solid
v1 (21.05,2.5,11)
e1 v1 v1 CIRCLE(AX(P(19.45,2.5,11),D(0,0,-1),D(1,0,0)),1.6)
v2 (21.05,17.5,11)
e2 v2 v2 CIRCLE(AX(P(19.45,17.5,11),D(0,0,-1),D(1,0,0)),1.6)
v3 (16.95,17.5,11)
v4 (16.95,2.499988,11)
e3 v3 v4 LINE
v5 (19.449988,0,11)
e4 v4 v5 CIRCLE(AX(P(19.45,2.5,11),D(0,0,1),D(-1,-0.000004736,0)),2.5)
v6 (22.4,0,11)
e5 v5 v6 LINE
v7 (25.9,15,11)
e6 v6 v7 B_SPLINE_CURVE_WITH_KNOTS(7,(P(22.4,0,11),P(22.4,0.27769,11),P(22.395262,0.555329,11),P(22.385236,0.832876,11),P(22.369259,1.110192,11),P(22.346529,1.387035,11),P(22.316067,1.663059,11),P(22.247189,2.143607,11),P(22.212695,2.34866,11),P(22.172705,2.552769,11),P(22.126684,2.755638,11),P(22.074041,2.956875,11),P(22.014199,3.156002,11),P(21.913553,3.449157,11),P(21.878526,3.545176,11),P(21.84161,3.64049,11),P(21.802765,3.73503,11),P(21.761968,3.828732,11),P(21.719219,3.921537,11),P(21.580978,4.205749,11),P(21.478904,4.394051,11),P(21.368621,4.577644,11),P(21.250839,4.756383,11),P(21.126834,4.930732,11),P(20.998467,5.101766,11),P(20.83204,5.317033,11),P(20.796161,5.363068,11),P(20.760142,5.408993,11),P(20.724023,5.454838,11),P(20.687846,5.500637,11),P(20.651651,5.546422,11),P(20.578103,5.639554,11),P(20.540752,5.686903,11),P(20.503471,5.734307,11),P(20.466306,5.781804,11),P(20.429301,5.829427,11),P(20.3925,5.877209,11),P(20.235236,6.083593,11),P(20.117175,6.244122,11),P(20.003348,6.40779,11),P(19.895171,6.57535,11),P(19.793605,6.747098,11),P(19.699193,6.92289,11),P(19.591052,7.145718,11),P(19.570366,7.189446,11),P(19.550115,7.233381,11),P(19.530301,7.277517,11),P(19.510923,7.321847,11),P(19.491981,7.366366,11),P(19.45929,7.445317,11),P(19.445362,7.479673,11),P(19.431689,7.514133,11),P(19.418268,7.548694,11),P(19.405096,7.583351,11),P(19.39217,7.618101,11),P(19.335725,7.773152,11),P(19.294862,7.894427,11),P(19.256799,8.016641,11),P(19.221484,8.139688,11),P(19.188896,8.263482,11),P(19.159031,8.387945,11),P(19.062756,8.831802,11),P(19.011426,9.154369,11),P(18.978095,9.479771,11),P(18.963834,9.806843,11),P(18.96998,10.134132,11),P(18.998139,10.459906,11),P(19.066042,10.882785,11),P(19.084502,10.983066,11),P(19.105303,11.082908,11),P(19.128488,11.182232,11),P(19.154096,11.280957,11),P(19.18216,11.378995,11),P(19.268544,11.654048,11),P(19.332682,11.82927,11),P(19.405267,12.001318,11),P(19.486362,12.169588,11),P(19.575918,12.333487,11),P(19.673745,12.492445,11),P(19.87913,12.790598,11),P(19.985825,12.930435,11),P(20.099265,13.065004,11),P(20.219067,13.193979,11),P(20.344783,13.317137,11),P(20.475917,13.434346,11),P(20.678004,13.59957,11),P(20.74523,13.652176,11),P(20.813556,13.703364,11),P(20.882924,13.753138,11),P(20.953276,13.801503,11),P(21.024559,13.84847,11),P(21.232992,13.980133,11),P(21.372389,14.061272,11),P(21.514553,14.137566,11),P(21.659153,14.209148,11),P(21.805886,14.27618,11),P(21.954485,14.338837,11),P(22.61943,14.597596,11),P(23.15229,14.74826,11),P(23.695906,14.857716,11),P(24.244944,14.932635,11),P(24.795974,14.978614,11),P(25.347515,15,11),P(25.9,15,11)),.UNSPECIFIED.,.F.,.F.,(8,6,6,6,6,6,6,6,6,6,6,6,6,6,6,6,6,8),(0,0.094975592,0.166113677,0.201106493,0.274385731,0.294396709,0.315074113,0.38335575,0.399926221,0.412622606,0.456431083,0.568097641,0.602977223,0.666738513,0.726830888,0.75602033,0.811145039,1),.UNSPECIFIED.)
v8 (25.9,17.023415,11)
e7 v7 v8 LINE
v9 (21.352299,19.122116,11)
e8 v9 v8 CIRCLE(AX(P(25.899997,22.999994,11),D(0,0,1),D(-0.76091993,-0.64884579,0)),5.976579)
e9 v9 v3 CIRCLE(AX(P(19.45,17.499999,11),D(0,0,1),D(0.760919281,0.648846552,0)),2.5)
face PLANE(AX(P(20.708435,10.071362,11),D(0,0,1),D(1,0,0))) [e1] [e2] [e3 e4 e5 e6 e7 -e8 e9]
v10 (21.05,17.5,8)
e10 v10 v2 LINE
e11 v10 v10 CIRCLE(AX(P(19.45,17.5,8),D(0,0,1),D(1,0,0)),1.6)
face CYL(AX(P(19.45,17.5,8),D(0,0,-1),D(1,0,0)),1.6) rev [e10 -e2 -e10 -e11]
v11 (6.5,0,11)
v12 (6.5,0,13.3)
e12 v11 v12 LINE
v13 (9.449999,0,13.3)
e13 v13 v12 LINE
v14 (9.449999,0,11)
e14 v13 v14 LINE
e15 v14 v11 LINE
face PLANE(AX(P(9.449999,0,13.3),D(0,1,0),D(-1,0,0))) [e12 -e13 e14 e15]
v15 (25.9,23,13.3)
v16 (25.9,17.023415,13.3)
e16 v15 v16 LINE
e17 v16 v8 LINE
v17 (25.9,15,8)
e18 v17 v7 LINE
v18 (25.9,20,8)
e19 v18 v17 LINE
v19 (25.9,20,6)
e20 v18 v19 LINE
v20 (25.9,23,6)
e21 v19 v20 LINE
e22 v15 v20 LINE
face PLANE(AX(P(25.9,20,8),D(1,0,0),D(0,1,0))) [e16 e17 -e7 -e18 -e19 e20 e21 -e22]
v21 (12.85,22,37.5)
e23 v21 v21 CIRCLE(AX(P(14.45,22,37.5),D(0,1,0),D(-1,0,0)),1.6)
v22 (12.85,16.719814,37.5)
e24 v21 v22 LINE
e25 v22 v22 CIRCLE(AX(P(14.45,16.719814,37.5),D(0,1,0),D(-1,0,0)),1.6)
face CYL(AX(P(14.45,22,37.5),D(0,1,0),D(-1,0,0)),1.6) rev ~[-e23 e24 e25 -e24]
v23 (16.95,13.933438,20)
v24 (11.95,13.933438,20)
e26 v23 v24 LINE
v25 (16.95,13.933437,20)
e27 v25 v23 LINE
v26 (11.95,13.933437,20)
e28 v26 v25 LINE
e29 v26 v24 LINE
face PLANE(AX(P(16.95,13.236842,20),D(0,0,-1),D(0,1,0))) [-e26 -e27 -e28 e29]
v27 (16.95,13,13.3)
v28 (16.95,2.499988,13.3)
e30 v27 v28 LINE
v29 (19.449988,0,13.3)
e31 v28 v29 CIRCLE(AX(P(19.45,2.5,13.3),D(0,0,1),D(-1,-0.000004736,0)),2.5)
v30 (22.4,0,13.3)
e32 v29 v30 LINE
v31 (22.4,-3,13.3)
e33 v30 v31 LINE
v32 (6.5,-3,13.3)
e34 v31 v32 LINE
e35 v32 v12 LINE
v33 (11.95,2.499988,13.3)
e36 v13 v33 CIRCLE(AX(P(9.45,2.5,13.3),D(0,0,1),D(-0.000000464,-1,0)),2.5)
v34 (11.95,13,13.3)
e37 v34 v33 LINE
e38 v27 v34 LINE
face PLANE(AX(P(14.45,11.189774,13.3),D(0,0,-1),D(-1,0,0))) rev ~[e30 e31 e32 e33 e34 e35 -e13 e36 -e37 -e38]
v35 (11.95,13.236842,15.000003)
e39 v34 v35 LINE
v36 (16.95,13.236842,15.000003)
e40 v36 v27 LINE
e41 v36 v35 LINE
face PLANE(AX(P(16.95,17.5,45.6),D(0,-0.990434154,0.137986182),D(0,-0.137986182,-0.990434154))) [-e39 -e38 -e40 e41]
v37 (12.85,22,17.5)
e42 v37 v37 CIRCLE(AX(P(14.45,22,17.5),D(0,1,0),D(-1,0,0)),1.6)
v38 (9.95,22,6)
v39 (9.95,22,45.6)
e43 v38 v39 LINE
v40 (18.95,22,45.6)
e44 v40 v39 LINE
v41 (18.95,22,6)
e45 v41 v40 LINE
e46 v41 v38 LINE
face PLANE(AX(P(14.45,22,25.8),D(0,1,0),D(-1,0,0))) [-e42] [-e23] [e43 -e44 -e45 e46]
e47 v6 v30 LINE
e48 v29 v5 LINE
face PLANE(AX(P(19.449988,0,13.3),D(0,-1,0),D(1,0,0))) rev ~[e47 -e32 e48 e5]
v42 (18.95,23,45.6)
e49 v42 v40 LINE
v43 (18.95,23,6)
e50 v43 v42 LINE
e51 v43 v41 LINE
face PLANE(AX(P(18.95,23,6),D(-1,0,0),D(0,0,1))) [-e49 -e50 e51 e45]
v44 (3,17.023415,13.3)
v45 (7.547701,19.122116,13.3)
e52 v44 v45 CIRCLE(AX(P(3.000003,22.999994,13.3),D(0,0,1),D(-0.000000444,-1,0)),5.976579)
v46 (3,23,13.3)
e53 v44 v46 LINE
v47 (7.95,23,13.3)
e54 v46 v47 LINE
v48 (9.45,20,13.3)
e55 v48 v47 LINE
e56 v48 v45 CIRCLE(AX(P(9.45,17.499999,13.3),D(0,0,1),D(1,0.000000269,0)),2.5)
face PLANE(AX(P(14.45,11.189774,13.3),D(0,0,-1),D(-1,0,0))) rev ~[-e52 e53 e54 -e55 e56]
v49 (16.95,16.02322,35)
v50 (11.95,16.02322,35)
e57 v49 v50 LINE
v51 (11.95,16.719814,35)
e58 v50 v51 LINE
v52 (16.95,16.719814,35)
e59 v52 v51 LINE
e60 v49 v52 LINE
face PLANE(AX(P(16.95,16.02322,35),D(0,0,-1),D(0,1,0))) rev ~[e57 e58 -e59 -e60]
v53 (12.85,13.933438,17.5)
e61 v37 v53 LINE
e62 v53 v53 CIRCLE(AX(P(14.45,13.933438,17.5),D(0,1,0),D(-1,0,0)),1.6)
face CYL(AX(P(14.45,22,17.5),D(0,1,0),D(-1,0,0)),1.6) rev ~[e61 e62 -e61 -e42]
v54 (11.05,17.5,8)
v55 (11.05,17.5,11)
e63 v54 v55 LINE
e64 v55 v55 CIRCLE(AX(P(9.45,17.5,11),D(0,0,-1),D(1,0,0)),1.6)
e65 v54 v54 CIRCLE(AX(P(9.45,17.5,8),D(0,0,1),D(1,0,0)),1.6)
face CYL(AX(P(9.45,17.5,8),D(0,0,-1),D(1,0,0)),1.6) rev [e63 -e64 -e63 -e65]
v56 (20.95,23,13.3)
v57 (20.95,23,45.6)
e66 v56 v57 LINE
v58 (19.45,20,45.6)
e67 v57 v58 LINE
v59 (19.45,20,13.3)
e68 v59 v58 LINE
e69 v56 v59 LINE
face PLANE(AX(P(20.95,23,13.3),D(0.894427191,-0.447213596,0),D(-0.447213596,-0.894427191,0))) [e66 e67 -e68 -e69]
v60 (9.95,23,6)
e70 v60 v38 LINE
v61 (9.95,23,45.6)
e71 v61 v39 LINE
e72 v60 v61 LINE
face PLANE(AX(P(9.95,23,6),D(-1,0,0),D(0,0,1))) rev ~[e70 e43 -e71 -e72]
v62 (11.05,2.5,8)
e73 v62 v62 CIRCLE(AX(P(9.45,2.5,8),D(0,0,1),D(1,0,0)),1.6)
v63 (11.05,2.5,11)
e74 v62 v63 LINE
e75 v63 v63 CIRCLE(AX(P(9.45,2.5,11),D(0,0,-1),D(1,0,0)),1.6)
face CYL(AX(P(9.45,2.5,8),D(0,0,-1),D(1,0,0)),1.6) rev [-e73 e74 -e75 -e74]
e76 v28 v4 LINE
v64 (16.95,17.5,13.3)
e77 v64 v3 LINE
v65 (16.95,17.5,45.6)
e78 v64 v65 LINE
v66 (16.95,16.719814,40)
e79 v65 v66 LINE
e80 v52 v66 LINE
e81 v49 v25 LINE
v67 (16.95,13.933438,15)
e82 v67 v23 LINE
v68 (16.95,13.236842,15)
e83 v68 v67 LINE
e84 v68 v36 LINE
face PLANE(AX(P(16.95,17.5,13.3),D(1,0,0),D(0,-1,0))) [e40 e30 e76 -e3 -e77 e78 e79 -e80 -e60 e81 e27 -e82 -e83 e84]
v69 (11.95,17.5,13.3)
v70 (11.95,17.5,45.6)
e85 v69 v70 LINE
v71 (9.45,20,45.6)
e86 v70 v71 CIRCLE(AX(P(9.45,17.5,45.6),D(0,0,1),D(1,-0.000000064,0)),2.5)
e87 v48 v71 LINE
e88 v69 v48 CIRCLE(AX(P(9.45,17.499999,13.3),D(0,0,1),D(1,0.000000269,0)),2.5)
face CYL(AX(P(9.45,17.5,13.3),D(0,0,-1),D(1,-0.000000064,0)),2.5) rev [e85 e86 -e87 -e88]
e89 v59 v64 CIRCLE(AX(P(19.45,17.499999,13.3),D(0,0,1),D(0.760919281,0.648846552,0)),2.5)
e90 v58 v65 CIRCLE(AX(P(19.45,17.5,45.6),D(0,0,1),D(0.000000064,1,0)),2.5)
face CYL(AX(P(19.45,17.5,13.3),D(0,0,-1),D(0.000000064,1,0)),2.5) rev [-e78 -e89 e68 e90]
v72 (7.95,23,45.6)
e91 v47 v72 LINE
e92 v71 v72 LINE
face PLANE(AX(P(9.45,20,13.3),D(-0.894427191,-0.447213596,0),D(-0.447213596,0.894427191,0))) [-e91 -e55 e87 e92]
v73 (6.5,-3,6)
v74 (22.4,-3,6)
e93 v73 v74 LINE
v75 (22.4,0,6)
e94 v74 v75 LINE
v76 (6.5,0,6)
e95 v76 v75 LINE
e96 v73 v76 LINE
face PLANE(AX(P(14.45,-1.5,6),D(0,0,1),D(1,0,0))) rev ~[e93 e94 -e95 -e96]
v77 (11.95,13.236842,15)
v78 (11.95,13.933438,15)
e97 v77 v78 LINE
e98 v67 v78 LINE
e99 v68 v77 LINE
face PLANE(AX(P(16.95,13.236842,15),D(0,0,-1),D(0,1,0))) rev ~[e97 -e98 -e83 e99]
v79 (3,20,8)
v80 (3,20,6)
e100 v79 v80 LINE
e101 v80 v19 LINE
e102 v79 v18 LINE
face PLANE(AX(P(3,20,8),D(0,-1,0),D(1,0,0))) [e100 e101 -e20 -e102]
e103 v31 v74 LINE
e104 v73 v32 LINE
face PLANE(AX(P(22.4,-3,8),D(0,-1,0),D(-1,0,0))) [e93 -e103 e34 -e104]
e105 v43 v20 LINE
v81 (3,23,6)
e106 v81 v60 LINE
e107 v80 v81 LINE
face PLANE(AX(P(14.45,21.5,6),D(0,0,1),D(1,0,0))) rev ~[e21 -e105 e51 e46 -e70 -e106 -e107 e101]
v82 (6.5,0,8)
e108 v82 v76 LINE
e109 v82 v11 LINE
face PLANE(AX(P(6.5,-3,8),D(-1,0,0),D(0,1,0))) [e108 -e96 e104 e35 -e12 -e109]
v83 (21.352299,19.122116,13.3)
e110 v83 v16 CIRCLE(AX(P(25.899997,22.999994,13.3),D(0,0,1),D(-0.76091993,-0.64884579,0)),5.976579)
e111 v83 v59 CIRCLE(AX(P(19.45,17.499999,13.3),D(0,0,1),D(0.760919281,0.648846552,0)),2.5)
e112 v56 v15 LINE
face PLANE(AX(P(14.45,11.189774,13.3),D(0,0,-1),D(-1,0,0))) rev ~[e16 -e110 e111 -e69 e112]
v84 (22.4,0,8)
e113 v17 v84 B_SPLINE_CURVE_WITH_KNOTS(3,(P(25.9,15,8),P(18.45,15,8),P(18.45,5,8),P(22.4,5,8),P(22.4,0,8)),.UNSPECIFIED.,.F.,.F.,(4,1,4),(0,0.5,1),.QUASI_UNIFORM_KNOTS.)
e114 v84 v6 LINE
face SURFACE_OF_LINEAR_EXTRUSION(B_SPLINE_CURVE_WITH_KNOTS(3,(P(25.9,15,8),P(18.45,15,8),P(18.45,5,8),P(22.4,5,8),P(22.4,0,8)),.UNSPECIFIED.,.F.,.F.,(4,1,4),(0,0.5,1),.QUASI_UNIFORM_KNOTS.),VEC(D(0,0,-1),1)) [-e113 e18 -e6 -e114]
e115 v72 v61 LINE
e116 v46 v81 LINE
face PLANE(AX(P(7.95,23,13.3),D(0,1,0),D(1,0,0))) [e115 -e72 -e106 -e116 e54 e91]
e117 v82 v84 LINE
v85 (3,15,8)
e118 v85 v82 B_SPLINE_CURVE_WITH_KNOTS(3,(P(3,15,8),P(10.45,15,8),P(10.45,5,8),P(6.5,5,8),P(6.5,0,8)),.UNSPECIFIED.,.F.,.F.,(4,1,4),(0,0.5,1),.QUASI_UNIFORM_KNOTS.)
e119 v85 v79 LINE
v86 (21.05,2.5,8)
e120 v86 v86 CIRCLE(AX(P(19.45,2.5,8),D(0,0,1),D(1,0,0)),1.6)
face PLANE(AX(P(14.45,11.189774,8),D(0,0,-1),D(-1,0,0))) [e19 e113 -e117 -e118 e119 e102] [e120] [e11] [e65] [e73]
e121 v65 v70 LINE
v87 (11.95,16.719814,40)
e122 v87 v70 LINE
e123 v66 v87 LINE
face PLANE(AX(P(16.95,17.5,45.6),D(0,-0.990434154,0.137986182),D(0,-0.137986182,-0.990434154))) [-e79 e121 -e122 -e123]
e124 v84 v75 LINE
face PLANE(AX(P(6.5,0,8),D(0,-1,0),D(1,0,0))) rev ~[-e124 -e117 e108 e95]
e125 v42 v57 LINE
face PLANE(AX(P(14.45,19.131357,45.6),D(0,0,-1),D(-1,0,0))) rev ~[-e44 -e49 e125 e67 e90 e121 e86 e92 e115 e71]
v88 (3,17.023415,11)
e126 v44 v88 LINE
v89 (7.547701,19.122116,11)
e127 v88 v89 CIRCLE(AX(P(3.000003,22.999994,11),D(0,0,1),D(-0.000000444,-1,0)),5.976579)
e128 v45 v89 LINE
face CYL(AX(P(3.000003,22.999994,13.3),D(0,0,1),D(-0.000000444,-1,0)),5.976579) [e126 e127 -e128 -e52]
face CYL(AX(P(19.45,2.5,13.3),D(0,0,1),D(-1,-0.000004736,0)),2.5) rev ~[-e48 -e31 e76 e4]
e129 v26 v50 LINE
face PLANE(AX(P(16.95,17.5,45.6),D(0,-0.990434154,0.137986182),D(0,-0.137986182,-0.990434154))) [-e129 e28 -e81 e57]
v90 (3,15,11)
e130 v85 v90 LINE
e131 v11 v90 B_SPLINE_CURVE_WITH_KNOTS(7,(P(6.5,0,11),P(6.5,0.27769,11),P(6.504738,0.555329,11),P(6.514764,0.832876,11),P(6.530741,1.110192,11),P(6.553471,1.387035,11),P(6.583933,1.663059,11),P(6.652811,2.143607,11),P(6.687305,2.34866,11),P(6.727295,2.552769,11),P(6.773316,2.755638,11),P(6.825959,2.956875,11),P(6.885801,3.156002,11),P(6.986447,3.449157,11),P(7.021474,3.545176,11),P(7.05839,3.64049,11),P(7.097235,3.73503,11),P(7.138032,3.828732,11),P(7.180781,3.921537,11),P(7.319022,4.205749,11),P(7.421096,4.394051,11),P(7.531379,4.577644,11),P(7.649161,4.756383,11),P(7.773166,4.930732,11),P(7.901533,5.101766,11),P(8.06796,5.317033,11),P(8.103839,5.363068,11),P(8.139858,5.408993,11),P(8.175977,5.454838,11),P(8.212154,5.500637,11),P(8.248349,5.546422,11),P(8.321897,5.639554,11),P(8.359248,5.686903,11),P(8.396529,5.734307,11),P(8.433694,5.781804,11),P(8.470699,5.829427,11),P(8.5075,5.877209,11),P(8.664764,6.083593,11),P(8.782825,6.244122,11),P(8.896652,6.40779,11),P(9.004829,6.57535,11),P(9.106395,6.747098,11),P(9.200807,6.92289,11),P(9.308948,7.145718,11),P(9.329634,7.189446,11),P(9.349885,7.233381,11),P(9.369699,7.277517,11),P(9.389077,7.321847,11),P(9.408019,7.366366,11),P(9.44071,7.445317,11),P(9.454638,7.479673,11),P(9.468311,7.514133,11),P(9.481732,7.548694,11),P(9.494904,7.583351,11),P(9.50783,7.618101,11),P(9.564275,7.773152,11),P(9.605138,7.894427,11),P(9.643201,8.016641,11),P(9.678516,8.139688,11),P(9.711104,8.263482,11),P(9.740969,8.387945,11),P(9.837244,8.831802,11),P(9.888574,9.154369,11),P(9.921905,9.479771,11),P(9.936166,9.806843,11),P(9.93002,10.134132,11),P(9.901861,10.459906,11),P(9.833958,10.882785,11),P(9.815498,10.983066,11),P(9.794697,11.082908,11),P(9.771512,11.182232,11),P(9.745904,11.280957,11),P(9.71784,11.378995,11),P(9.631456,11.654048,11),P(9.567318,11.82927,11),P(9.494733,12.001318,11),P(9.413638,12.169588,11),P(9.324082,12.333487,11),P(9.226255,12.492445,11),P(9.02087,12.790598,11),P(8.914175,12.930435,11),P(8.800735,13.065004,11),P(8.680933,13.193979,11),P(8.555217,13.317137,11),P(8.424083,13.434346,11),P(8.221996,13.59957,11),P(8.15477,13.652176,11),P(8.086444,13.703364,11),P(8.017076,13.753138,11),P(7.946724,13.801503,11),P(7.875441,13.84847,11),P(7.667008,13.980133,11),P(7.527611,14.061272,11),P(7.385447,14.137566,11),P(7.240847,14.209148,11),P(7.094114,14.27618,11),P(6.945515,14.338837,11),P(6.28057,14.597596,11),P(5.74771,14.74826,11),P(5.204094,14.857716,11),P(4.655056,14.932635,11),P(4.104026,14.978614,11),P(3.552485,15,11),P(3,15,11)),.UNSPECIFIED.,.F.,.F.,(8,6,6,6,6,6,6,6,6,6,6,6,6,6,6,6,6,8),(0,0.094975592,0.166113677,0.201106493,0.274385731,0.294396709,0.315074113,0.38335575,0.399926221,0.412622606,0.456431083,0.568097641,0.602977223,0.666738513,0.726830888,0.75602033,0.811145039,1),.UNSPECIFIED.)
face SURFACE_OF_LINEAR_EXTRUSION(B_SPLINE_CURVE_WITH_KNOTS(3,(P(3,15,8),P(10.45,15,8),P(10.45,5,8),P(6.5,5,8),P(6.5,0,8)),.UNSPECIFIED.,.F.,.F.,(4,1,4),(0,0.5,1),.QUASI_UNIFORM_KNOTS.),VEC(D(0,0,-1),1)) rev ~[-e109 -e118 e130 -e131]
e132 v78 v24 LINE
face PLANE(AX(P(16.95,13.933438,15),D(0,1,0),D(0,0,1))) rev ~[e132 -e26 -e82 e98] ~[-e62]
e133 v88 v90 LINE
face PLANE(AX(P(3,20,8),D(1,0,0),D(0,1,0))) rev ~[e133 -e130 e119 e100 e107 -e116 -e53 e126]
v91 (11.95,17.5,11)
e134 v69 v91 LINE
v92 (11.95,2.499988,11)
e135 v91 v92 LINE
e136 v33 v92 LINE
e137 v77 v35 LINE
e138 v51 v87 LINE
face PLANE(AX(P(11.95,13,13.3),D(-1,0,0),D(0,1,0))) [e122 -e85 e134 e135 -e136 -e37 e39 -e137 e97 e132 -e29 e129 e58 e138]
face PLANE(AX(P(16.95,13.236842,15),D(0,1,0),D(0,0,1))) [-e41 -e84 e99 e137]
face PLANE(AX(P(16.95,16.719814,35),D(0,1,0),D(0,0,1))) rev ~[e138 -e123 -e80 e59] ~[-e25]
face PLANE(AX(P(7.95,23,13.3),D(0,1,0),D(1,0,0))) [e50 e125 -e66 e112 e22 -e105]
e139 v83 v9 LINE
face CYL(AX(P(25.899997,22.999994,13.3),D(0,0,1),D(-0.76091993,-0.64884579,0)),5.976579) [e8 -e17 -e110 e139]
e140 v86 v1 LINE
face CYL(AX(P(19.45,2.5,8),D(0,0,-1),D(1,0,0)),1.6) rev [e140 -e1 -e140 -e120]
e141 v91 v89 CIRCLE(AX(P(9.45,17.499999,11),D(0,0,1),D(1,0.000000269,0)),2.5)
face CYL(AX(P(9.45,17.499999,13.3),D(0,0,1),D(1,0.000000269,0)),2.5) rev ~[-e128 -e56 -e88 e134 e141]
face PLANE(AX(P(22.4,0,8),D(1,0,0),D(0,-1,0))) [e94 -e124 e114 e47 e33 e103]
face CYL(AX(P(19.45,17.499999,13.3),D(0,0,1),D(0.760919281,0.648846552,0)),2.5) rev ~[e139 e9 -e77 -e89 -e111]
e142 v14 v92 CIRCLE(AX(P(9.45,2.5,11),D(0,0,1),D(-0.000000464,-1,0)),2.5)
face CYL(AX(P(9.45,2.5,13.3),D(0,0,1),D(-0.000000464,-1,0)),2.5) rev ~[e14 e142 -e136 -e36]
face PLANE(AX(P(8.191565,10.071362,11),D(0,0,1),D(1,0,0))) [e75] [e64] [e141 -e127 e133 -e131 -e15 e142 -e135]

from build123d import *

# Parameters (mm, degrees)
SKETCH_R        = 1.6
PAD_DEPTH       = 5.3
SKETCH001_W     = 22.9
SKETCH001_H     = 3
SKETCH001_W_2   = 15.9
PAD001_DEPTH    = 2
POCKET_DEPTH    = 2.3
PAD002_DEPTH    = 32.3
POCKET001_DEPTH = 10
SKETCH007_W     = 9
SKETCH007_H     = 39.6
POCKET002_DEPTH = 1
SKETCH008_R     = 1.6
POCKET003_DEPTH = 10
SKETCH009_W     = 0.696594
SKETCH009_H     = 5
SKETCH009_W_2   = 0.696595
POCKET004_DEPTH = 5


with BuildPart() as part:
    # Sketch (on Face1 of ReferenceBinder) → Pad (new body)
    with BuildSketch(Plane.XY.offset(8)):
        with BuildLine():
            Line((3, 23), (25.9, 23))
            Line((25.9, 23), (25.9, 15))
            add(Edge.make_bspline(
                [(25.9, 15), (18.45, 15), (18.45, 5), (22.4, 5), (22.4, 0)],
                knots=[0, 0, 0, 0, 0.5, 1, 1, 1, 1], degree=3))
            Line((22.4, 0), (22.4, -3))
            Line((22.4, -3), (6.5, -3))
            Line((6.5, -3), (6.5, 0))
            add(Edge.make_bspline(
                [(3, 15), (10.45, 15), (10.45, 5), (6.5, 5), (6.5, 0)],
                knots=[0, 0, 0, 0, 0.5, 1, 1, 1, 1], degree=3))
            Line((3, 15), (3, 23))
        make_face()
        with Locations((9.45, 17.5)):
            Circle(SKETCH_R, mode=Mode.SUBTRACT)
        with Locations((19.45, 17.5)):
            Circle(SKETCH_R, mode=Mode.SUBTRACT)
        with Locations((19.45, 2.5)):
            Circle(SKETCH_R, mode=Mode.SUBTRACT)
        with Locations((9.45, 2.5)):
            Circle(SKETCH_R, mode=Mode.SUBTRACT)
    extrude(amount=PAD_DEPTH)

    # Sketch001 (on Face1 of ReferenceBinder) → Pad001 (join)
    with BuildSketch(Plane.XY.offset(8)):
        with Locations((14.45, 21.5)):
            Rectangle(SKETCH001_W, SKETCH001_H)
        with Locations((14.45, -1.5)):
            Rectangle(SKETCH001_W_2, SKETCH001_H)
    extrude(amount=-PAD001_DEPTH)

    # Sketch002 (on Face5 of Pad001) → Pocket (cut)
    with BuildSketch(Plane.XY.offset(13.3)):
        with BuildLine():
            ThreePointArc((9.449999, 0), (11.217763, 0.732229), (11.95, 2.499988))
            Line((11.95, 17.5), (11.95, 2.499988))
            ThreePointArc((11.95, 17.5), (10.314365, 19.84582), (7.547701, 19.122116))
            ThreePointArc((3, 17.023415), (5.504303, 17.573395), (7.547701, 19.122116))
            Line((3, 17.023415), (3, 15))
            Line((3, 15), (6.5, 0))
            Line((9.449999, 0), (6.5, 0))
        make_face()
        with BuildLine():
            ThreePointArc((16.95, 2.499988), (17.682233, 0.732233), (19.449988, 0))
            Line((19.449988, 0), (22.4, 0))
            Line((22.4, 0), (25.9, 15))
            Line((25.9, 15), (25.9, 17.023415))
            ThreePointArc((21.352299, 19.122116), (23.395697, 17.573395), (25.9, 17.023415))
            ThreePointArc((21.352299, 19.122116), (18.585635, 19.84582), (16.95, 17.5))
            Line((16.95, 17.5), (16.95, 2.499988))
        make_face()
    extrude(amount=-POCKET_DEPTH, mode=Mode.SUBTRACT)

    # Sketch005 (on Face5 of Pocket) → Pad002 (join)
    with BuildSketch(Plane.XY.offset(13.3)):
        with BuildLine():
            Line((7.95, 23), (20.95, 23))
            Line((20.95, 23), (19.45, 20))
            ThreePointArc((19.45, 20), (17.682233, 19.267767), (16.95, 17.5))
            Line((16.95, 17.5), (16.95, 13))
            Line((16.95, 13), (11.95, 13))
            Line((11.95, 13), (11.95, 17.5))
            ThreePointArc((11.95, 17.5), (11.217767, 19.267767), (9.45, 20))
            Line((9.45, 20), (7.95, 23))
        make_face()
    extrude(amount=PAD002_DEPTH)

    # Sketch006 (on Face39 of Pad002) → Pocket001 (cut)
    with BuildSketch(Plane.YZ.offset(16.95)):
        Polygon((17.5, 45.6), (13, 13.3), (13, 45.6), align=None)
    extrude(amount=-POCKET001_DEPTH, mode=Mode.SUBTRACT)

    # Sketch007 (on Face6 of Pocket001) → Pocket002 (cut)
    with BuildSketch(Plane(origin=(0, 23, 0), x_dir=(-1, 0, 0), z_dir=(0, 1, 0))):
        with Locations((-14.45, 25.8)):
            Rectangle(SKETCH007_W, SKETCH007_H)
    extrude(amount=-POCKET002_DEPTH, mode=Mode.SUBTRACT)

    # Sketch008 (on Face10 of Pocket002) → Pocket003 (cut)
    with BuildSketch(Plane(origin=(0, 22, 0), x_dir=(-1, 0, 0), z_dir=(0, 1, 0))):
        with Locations((-14.45, 37.5)):
            Circle(SKETCH008_R)
        with Locations((-14.45, 17.5)):
            Circle(SKETCH008_R)
    extrude(amount=-POCKET003_DEPTH, mode=Mode.SUBTRACT)

    # Sketch009 (on Face41 of Pocket003) → Pocket004 (cut)
    with BuildSketch(Plane.YZ.offset(16.95)):
        with Locations((16.371517, 37.5)):
            Rectangle(SKETCH009_W, SKETCH009_H)
        with Locations((13.58514, 17.5)):
            Rectangle(SKETCH009_W_2, SKETCH009_H)
    extrude(amount=-POCKET004_DEPTH, mode=Mode.SUBTRACT)


solid = part.part
